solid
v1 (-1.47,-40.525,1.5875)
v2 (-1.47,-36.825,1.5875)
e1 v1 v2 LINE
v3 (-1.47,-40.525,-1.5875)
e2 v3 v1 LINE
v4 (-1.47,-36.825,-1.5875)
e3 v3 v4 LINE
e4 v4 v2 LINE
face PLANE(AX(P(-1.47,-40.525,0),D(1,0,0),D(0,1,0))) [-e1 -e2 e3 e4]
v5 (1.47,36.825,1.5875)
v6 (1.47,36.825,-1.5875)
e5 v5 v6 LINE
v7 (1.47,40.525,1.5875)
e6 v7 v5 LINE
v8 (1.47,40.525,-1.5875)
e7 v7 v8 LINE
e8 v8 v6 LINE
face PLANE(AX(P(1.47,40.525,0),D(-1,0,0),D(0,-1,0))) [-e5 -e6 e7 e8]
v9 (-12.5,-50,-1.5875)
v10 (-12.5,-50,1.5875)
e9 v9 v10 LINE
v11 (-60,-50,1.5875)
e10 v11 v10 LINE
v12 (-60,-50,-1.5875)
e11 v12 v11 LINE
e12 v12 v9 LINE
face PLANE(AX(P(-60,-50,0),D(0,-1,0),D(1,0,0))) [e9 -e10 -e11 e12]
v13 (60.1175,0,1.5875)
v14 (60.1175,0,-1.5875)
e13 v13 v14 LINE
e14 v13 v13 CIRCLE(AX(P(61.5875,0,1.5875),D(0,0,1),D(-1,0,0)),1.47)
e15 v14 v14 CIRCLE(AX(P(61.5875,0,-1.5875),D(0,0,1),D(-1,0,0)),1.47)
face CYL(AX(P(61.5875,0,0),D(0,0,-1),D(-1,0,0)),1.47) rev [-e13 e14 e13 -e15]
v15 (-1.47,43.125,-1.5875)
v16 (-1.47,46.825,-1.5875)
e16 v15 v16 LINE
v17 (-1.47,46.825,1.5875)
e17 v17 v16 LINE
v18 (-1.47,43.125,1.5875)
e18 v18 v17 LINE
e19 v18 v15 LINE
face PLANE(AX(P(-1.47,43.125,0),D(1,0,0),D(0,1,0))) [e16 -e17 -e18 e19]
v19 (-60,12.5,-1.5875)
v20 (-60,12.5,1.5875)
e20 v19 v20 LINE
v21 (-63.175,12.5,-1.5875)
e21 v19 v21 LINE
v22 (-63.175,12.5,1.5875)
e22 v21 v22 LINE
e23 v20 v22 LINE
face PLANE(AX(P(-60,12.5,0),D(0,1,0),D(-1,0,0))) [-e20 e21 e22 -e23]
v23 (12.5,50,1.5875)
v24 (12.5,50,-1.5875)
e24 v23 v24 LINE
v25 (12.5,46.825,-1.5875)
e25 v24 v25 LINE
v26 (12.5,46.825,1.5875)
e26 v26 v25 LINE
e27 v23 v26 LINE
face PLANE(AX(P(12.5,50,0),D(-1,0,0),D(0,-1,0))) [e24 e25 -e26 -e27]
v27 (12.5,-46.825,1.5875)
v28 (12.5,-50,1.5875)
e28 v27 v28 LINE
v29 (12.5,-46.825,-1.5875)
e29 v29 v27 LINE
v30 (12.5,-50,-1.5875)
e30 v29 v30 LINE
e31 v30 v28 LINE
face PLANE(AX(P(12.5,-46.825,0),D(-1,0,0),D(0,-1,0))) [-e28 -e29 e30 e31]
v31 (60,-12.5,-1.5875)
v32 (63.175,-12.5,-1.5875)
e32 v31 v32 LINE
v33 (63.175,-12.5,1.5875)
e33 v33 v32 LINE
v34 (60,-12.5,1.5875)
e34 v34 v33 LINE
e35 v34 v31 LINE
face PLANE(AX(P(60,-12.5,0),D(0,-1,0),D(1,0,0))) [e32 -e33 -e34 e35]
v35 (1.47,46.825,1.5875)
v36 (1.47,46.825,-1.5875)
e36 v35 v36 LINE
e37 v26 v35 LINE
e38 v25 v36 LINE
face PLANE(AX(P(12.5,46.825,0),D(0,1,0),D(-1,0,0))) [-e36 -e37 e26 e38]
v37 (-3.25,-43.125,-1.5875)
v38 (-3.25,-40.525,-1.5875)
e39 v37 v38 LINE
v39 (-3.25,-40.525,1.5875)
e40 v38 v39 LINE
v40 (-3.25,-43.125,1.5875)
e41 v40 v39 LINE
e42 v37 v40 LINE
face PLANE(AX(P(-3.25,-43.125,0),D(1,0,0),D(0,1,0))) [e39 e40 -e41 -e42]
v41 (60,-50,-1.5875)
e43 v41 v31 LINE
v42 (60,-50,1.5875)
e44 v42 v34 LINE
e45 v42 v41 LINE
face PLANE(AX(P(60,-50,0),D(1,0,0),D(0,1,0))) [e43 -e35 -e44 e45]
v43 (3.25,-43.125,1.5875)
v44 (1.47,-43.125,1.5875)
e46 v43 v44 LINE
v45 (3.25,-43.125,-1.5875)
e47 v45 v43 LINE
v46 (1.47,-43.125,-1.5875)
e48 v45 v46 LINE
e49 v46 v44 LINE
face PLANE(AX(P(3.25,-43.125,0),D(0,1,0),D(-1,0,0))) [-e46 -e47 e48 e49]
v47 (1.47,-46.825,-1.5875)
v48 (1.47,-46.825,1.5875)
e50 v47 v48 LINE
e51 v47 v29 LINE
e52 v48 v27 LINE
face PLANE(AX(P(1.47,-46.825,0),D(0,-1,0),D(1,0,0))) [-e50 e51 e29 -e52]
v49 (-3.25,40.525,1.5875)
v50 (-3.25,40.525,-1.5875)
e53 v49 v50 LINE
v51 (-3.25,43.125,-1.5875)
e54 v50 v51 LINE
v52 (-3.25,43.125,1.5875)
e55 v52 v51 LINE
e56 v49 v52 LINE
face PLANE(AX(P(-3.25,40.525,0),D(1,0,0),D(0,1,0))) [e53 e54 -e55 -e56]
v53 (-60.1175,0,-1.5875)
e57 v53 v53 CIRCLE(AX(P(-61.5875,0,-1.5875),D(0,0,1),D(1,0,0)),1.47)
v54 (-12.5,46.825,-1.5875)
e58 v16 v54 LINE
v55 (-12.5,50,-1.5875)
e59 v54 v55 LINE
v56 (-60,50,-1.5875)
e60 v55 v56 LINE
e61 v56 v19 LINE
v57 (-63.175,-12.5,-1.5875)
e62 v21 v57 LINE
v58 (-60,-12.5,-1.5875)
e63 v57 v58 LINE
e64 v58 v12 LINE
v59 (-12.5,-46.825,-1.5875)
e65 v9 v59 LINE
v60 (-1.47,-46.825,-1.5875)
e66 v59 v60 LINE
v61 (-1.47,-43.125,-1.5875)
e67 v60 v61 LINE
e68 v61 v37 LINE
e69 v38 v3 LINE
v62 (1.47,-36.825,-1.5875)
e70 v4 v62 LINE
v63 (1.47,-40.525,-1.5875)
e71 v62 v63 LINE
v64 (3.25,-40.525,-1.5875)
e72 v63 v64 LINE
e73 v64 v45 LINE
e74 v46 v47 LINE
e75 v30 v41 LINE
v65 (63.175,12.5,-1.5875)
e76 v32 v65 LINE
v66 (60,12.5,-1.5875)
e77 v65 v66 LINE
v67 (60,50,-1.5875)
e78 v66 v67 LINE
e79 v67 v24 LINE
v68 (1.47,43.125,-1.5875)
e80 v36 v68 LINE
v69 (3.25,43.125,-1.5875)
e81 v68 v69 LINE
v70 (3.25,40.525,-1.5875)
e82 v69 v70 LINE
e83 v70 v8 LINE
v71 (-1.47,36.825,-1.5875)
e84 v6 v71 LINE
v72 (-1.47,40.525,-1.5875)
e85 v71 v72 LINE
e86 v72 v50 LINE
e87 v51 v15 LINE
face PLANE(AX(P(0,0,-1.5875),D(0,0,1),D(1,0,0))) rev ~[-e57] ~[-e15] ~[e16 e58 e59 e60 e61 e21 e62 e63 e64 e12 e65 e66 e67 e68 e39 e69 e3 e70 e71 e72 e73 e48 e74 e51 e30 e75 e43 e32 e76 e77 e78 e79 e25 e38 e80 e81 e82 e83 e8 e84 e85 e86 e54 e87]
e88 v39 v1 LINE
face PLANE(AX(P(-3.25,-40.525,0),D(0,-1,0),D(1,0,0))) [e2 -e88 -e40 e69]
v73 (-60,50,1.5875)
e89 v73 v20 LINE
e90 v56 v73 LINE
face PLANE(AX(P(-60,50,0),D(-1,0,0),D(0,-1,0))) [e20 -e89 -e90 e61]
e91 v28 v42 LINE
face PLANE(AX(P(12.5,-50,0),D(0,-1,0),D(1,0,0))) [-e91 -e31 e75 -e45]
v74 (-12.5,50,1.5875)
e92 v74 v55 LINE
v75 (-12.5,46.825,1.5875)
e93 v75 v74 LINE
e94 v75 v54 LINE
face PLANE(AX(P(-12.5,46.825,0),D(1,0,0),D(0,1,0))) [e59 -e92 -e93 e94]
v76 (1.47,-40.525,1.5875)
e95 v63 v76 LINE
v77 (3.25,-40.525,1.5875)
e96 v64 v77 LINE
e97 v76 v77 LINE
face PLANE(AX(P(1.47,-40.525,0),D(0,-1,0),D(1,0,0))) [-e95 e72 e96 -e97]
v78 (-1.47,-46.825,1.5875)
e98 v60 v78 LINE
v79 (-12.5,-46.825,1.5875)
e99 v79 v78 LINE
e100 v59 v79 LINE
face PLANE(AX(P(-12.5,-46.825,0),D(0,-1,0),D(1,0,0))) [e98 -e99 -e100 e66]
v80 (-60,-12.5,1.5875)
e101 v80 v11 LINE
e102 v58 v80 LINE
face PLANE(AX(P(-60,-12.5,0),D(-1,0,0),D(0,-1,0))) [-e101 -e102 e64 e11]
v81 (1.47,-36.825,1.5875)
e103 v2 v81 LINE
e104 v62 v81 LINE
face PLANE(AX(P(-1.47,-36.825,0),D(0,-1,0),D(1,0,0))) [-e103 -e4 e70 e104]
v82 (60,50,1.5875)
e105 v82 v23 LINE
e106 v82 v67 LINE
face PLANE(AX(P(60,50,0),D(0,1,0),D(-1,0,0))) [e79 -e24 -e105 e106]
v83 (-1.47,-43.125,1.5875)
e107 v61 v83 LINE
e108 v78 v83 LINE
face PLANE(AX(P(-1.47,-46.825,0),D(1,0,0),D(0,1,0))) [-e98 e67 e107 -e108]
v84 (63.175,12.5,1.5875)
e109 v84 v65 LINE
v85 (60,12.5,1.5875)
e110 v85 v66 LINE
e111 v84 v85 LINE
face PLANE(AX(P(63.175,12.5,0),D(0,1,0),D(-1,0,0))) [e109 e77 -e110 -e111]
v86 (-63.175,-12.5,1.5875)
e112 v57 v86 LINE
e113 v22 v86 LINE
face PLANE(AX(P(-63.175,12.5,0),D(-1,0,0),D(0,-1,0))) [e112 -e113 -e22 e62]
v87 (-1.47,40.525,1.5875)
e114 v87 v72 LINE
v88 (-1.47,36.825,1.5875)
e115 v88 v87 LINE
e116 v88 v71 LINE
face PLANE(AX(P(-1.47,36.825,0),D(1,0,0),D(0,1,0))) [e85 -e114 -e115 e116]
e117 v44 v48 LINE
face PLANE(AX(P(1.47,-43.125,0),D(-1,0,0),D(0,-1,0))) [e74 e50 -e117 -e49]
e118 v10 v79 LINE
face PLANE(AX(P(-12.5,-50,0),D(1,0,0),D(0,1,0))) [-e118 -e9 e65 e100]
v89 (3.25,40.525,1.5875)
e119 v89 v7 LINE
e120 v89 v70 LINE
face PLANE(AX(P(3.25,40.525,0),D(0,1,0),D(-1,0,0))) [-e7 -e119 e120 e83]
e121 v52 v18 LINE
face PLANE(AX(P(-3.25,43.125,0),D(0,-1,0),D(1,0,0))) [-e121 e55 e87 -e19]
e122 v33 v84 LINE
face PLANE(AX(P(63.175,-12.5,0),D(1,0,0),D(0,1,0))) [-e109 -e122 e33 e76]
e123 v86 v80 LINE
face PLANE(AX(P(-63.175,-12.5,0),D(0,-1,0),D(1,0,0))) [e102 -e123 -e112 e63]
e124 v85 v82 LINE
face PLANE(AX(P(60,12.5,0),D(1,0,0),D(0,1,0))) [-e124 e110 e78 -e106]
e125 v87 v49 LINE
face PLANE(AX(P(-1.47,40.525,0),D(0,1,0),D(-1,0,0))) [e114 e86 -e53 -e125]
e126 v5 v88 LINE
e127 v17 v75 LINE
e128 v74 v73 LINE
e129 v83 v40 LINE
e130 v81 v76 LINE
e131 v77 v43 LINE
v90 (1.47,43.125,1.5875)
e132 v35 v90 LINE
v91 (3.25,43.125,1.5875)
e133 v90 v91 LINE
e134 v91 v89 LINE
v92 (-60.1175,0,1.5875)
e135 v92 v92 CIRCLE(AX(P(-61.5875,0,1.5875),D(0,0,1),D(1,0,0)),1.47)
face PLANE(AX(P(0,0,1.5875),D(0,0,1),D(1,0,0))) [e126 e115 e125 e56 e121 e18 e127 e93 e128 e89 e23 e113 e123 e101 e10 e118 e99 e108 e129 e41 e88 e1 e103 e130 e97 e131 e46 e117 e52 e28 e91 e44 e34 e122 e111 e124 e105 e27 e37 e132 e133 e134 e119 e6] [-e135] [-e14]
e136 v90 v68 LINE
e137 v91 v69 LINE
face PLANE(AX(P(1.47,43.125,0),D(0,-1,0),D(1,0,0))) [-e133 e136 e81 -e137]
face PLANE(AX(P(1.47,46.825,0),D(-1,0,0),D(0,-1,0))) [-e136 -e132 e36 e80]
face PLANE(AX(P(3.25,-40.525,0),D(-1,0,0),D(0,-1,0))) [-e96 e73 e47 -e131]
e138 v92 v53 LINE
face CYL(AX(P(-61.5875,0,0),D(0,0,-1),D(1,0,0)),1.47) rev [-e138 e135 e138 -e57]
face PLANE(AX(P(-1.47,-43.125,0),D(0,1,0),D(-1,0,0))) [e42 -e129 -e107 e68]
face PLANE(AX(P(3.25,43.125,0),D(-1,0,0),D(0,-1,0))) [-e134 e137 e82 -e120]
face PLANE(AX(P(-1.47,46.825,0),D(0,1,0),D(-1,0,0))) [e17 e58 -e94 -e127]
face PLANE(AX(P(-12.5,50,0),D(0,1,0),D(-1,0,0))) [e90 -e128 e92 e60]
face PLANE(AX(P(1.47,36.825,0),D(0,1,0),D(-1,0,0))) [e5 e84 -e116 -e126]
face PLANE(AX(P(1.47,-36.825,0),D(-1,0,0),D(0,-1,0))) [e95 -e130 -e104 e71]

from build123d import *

# Parameters (mm, degrees)
SKETCH1_R           = 1.47
BOSS_EXTRUDE1_DEPTH = 1.5875


with BuildPart() as part:
    # Sketch1 → Boss-Extrude1 (new, symmetric)
    with BuildSketch(Plane.XY):
        Polygon((-12.5, 50), (-60, 50), (-60, 12.5), (-63.175, 12.5), (-63.175, -12.5), (-60, -12.5), (-60, -50), (-12.5, -50), (-12.5, -46.825), (-1.47, -46.825), (-1.47, -43.125), (-3.25, -43.125), (-3.25, -40.525), (-1.47, -40.525), (-1.47, -36.825), (1.47, -36.825), (1.47, -40.525), (3.25, -40.525), (3.25, -43.125), (1.47, -43.125), (1.47, -46.825), (12.5, -46.825), (12.5, -50), (60, -50), (60, -12.5), (63.175, -12.5), (63.175, 12.5), (60, 12.5), (60, 50), (12.5, 50), (12.5, 46.825), (1.47, 46.825), (1.47, 43.125), (3.25, 43.125), (3.25, 40.525), (1.47, 40.525), (1.47, 36.825), (-1.47, 36.825), (-1.47, 40.525), (-3.25, 40.525), (-3.25, 43.125), (-1.47, 43.125), (-1.47, 46.825), (-12.5, 46.825), align=None)
        with Locations((-61.5875, 0)):
            Circle(SKETCH1_R, mode=Mode.SUBTRACT)
        with Locations(Location((61.5875, 0, 0), (0, 0, 180))):
            Circle(SKETCH1_R, mode=Mode.SUBTRACT)
    extrude(amount=BOSS_EXTRUDE1_DEPTH, both=True)


solid = part.part
